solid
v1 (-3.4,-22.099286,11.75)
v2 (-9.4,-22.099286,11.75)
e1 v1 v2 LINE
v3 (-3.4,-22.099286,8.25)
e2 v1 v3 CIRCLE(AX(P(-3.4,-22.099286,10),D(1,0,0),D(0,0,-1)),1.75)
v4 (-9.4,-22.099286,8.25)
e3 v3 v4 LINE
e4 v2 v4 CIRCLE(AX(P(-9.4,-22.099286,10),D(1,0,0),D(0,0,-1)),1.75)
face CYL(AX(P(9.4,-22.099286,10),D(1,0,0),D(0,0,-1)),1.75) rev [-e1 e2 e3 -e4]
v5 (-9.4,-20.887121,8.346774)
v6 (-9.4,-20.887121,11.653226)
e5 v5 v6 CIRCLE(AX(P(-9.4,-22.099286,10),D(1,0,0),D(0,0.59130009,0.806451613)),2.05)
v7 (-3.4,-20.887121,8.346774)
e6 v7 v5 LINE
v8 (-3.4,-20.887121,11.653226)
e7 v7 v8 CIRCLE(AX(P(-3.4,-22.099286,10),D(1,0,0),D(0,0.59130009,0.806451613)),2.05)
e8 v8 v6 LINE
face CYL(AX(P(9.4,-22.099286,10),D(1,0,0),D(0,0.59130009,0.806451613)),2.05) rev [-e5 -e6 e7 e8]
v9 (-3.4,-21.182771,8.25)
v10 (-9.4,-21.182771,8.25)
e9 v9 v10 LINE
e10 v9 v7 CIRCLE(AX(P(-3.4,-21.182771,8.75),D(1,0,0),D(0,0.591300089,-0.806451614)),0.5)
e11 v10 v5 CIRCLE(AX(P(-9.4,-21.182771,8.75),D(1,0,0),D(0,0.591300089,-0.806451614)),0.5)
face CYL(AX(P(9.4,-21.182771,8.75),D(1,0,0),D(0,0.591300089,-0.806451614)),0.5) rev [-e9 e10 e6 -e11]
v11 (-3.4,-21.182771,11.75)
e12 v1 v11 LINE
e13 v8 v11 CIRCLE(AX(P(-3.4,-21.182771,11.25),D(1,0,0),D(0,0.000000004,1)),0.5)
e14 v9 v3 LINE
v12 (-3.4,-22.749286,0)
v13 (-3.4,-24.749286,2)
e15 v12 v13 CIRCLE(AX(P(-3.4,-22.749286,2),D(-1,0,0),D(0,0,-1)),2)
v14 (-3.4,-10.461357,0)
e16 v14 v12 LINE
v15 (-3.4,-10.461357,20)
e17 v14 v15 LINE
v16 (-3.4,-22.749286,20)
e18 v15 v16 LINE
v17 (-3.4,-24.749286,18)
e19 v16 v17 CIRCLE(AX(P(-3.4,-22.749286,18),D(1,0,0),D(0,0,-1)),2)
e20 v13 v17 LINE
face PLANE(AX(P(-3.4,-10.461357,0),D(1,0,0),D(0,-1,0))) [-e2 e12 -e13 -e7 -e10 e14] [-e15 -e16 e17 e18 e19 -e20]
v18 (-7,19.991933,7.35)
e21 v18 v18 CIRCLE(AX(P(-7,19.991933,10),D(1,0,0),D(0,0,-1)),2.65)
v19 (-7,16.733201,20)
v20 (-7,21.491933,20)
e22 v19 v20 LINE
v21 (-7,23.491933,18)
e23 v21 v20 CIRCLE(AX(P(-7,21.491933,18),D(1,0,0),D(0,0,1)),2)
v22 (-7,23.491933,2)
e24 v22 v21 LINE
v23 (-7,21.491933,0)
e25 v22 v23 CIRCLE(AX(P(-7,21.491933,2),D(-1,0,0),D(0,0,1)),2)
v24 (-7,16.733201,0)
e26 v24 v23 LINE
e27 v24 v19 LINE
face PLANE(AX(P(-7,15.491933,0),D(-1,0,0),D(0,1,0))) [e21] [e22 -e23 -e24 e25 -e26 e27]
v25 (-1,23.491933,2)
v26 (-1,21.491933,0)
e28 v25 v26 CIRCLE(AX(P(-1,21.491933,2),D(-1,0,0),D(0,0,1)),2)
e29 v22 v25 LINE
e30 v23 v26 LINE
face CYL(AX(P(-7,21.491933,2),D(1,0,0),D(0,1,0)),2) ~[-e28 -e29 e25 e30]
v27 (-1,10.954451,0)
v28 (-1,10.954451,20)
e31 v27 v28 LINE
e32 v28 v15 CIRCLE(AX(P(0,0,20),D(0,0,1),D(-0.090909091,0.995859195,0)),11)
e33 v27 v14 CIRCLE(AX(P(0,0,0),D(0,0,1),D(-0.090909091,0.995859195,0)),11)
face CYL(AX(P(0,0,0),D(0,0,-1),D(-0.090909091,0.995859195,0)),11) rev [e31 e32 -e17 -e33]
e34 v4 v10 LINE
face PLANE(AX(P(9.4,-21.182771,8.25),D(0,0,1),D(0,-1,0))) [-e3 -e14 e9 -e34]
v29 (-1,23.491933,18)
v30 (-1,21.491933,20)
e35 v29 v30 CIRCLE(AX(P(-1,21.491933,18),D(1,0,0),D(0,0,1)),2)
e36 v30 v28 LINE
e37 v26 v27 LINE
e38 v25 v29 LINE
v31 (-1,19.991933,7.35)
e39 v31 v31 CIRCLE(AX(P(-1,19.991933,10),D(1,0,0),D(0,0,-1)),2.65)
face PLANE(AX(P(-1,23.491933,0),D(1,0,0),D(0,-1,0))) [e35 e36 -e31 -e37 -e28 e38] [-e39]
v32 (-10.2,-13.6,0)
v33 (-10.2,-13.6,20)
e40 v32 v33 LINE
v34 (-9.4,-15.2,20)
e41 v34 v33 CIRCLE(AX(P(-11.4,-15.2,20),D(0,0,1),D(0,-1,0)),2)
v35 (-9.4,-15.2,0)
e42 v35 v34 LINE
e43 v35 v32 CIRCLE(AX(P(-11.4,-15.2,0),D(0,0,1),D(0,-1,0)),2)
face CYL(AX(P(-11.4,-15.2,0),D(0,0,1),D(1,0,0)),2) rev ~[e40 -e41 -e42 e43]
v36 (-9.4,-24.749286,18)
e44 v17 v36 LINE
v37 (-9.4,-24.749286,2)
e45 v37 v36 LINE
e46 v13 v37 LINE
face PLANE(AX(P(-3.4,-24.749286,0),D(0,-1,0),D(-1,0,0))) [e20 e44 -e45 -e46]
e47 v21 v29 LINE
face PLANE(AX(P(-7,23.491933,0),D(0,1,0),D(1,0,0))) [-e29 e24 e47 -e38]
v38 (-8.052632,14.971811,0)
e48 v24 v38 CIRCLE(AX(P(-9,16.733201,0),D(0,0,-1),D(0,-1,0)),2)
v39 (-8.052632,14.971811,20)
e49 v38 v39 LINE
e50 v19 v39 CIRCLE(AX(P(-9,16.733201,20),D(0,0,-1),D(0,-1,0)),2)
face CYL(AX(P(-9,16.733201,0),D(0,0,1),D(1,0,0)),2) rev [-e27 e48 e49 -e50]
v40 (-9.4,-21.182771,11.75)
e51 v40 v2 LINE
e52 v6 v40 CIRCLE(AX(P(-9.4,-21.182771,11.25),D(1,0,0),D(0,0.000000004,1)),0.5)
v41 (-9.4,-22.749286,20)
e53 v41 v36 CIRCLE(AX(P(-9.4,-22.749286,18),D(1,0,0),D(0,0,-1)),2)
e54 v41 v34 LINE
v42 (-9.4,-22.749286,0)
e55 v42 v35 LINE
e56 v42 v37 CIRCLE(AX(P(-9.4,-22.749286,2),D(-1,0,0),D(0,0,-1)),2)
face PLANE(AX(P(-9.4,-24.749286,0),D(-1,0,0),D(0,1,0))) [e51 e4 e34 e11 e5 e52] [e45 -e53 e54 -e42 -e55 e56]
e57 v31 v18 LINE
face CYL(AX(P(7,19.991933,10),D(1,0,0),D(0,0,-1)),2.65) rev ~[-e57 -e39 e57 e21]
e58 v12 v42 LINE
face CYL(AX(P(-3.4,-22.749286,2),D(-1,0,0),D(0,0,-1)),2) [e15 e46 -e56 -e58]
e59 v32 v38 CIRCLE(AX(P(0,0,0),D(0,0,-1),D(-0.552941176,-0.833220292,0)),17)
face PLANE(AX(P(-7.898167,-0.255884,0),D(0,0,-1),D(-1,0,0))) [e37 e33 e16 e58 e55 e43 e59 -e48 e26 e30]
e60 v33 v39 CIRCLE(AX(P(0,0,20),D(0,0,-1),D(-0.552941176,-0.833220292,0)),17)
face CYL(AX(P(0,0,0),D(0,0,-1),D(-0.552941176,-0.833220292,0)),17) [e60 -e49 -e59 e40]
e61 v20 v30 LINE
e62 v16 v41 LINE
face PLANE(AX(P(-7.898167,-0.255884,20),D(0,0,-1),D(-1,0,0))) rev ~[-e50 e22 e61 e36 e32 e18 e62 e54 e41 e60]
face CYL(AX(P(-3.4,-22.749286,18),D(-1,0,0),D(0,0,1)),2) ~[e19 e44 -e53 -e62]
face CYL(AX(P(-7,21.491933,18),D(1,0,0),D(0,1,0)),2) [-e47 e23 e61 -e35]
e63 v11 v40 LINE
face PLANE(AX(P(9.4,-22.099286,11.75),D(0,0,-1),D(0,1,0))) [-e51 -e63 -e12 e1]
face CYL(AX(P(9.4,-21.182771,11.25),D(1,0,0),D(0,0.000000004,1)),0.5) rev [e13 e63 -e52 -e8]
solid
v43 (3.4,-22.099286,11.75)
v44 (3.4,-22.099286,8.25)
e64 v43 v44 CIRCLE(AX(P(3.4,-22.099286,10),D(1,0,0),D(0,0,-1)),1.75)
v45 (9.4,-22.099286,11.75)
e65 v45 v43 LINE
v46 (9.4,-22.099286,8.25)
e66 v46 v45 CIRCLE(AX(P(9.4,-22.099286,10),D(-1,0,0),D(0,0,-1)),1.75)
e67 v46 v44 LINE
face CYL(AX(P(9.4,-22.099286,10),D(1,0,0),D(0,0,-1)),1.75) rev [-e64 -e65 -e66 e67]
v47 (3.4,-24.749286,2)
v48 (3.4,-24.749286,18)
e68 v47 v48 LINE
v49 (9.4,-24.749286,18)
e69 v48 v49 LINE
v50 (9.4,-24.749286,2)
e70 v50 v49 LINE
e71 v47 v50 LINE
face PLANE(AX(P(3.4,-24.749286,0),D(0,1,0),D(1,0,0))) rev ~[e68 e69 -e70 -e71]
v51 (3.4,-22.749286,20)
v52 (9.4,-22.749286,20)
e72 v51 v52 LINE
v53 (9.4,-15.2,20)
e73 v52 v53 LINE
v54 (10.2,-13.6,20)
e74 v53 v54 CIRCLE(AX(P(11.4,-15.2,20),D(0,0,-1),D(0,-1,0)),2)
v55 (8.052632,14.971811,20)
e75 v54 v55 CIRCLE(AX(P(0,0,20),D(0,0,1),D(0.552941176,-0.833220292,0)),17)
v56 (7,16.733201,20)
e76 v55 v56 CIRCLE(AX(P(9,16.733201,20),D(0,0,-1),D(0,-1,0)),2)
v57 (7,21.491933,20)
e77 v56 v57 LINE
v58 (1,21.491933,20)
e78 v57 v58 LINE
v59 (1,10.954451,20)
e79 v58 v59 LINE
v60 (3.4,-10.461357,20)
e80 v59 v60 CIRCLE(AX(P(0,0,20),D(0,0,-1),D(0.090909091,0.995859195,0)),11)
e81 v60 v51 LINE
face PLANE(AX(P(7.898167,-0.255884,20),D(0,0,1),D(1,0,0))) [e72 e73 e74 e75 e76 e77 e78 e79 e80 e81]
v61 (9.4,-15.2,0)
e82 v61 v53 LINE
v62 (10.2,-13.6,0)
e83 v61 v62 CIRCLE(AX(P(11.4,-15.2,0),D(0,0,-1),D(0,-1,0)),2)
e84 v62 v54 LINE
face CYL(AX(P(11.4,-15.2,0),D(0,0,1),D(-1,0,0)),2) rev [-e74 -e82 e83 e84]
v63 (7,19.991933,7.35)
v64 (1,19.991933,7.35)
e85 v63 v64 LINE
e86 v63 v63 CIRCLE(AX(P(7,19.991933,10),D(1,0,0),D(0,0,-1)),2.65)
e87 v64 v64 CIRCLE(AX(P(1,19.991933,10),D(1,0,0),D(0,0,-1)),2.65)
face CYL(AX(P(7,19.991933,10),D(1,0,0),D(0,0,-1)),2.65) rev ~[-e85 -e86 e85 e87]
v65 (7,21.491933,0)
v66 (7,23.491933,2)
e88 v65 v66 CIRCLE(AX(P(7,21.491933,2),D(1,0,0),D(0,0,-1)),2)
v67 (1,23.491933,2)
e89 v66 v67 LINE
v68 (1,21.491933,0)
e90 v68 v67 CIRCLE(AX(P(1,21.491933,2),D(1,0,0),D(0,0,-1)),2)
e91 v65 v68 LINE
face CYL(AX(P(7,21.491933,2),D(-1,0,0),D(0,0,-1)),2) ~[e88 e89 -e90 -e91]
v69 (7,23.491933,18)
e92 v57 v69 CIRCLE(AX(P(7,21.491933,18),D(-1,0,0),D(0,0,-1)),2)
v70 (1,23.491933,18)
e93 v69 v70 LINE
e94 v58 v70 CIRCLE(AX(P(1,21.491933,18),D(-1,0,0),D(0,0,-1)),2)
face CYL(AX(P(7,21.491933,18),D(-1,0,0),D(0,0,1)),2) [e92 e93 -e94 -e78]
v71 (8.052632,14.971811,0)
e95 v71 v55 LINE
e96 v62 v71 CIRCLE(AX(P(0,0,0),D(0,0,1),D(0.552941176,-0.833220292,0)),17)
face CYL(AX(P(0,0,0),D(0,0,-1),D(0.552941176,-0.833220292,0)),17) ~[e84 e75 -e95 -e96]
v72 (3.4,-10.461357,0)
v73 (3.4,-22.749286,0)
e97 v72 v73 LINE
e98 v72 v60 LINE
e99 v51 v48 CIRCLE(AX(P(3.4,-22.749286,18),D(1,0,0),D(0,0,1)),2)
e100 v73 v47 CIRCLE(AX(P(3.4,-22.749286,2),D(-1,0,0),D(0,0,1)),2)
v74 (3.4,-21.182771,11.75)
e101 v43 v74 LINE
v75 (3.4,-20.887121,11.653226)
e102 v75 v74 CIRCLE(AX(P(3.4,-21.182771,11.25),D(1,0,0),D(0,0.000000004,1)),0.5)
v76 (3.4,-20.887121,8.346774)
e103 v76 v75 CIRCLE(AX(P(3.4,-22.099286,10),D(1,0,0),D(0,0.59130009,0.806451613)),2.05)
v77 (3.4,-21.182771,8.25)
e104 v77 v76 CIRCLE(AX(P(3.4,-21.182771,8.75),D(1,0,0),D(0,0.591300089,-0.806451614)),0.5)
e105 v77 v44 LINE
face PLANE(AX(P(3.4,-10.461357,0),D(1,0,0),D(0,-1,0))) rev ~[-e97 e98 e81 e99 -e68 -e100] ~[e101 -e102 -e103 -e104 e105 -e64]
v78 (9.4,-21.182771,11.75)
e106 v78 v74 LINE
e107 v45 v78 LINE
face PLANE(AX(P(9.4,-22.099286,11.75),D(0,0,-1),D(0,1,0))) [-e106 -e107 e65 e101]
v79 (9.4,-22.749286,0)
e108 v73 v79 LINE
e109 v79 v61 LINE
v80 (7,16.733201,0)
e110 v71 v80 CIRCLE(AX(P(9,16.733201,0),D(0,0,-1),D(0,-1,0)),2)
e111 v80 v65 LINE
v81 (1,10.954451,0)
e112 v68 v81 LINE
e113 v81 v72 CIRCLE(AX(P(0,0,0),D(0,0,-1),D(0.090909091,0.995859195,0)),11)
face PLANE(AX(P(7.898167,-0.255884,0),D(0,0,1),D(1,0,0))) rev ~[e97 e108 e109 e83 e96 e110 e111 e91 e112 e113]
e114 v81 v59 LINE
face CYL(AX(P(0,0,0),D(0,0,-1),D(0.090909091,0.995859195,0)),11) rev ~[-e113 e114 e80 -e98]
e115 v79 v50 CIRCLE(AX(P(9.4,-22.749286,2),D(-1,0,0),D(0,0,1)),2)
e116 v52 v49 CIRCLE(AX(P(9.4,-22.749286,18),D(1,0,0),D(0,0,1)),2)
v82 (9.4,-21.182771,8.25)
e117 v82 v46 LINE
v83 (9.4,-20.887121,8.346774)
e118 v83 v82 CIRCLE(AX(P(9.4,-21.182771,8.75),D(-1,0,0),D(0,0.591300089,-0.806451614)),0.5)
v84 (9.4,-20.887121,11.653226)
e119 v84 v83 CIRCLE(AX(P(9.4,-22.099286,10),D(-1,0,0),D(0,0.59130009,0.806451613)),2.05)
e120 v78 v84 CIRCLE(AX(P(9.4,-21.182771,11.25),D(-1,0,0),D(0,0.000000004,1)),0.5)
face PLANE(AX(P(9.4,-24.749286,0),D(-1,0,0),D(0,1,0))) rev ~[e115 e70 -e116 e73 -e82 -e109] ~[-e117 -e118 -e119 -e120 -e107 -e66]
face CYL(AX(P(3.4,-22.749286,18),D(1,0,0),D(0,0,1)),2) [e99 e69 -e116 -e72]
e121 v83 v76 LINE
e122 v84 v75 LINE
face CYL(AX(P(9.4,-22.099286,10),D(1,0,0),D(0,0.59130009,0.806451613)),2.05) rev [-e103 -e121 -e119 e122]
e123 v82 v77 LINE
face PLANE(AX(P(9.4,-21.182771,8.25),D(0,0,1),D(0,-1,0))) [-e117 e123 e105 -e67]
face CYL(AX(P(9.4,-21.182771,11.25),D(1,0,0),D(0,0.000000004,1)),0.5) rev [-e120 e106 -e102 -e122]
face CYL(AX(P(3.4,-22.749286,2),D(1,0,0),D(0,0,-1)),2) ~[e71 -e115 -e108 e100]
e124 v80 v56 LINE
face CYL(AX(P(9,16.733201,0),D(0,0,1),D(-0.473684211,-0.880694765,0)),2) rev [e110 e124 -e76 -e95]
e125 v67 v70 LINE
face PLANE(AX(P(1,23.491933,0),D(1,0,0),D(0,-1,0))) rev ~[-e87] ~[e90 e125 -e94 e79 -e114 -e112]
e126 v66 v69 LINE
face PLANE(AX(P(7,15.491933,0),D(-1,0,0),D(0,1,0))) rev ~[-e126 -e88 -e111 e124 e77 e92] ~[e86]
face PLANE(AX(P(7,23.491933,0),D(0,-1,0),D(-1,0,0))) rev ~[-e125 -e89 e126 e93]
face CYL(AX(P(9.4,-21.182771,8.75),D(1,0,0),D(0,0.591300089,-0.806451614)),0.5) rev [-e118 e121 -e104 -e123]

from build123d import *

# Parameters (mm, degrees)
BOSS_EXTRUDE1_DEPTH   = 20
BOSS_EXTRUDE1_2_DEPTH = 20
SKETCH2_R             = 2.65
CUT_EXTRUDE1_DEPTH    = 14
CUT_EXTRUDE3_DEPTH    = 19
FILLET2_R             = 2
FILLET3_R             = 2


with BuildPart() as part:
    # Sketch1 → Boss-Extrude1 (new body)
    with BuildSketch(Plane.XY):
        with BuildLine():
            Line((-1, 23.491933385), (-1, 10.95445115))
            ThreePointArc((-1, 10.95445115), (-10.931569634, 1.225065445), (-3.4, -10.461357464))
            Line((-3.4, -10.461357464), (-3.4, -24.749285698))
            Line((-3.4, -24.749285698), (-9.4, -24.749285698))
            Line((-9.4, -24.749285698), (-9.4, -14.164744968))
            ThreePointArc((-9.4, -14.164744968), (-16.944605122, 1.371261198), (-7, 15.491933385))
            Line((-7, 15.491933385), (-7, 23.491933385))
            Line((-7, 23.491933385), (-1, 23.491933385))
        make_face()
    extrude(amount=BOSS_EXTRUDE1_DEPTH)


with BuildPart() as body_2:
    # Sketch1 → Boss-Extrude1 2 (new body)
    with BuildSketch(Plane.XY):
        with BuildLine():
            Line((3.4, -10.461357464), (3.4, -24.749285698))
            Line((3.4, -24.749285698), (9.4, -24.749285698))
            Line((9.4, -24.749285698), (9.4, -14.164744968))
            ThreePointArc((9.4, -14.164744968), (16.944605122, 1.371261198), (7, 15.491933385))
            Line((7, 15.491933385), (7, 23.491933385))
            Line((7, 23.491933385), (1, 23.491933385))
            Line((1, 23.491933385), (1, 10.95445115))
            ThreePointArc((1, 10.95445115), (10.931569634, 1.225065445), (3.4, -10.461357464))
        make_face()
    extrude(amount=BOSS_EXTRUDE1_2_DEPTH)


with BuildPart() as cut_extrude1_tool:
    # Sketch2 → Cut-Extrude1 (new body)
    with BuildSketch(Plane(origin=(7, 0, 0), x_dir=(0, 0, -1), z_dir=(1, 0, 0))):
        with Locations((-10, 19.991933385)):
            Circle(SKETCH2_R)
    extrude(amount=-CUT_EXTRUDE1_DEPTH)


with BuildPart() as part_1:
    add(part.part)

    # Cut-Extrude1: cut by cut_extrude1_tool
    add(cut_extrude1_tool.part, mode=Mode.SUBTRACT)


with BuildPart() as body_2_1:
    add(body_2.part)

    # Cut-Extrude1: cut by cut_extrude1_tool
    add(cut_extrude1_tool.part, mode=Mode.SUBTRACT)


with BuildPart() as cut_extrude3_tool:
    # Sketch3 → Cut-Extrude3 (new body)
    with BuildSketch(Plane(origin=(9.4, 0, 0), x_dir=(0, 0, -1), z_dir=(1, 0, 0))):
        with BuildLine():
            Line((-11.75, -22.099285698), (-11.75, -21.182770559))
            ThreePointArc((-11.75, -21.182770559), (-11.725190963, -21.027227805), (-11.653225806, -20.887120514))
            ThreePointArc((-11.653225806, -20.887120514), (-10, -20.049285698), (-8.346774194, -20.887120514))
            ThreePointArc((-8.346774194, -20.887120514), (-8.274809037, -21.027227805), (-8.25, -21.182770559))
            Line((-8.25, -21.182770559), (-8.25, -22.099285698))
            ThreePointArc((-8.25, -22.099285698), (-10, -23.849285698), (-11.75, -22.099285698))
        make_face()
    extrude(amount=-CUT_EXTRUDE3_DEPTH)


with BuildPart() as part_2:
    add(part_1.part)

    # Cut-Extrude3: cut by cut_extrude3_tool
    add(cut_extrude3_tool.part, mode=Mode.SUBTRACT)

    # Fillet3
    fillet3_edges = [part_2.edges().sort_by_distance(p)[0] for p in [
        (-4, 23.491933385, 0),
        (-4, 23.491933385, 20),
        (-9.4, -14.164744968, 10),
        (-7, 15.491933385, 10),
        (-6.4, -24.749285698, 20),
        (-6.4, -24.749285698, 0),
    ]]
    fillet(fillet3_edges, radius=FILLET3_R)


with BuildPart() as body_2_2:
    add(body_2_1.part)

    # Cut-Extrude3: cut by cut_extrude3_tool
    add(cut_extrude3_tool.part, mode=Mode.SUBTRACT)

    # Fillet2
    fillet2_edges = [body_2_2.edges().sort_by_distance(p)[0] for p in [
        (6.4, -24.749285698, 0),
        (6.4, -24.749285698, 20),
        (7, 15.491933385, 10),
        (9.4, -14.164744968, 10),
        (4, 23.491933385, 20),
        (4, 23.491933385, 0),
    ]]
    fillet(fillet2_edges, radius=FILLET2_R)


solid = Compound([part_2.part, body_2_2.part])
